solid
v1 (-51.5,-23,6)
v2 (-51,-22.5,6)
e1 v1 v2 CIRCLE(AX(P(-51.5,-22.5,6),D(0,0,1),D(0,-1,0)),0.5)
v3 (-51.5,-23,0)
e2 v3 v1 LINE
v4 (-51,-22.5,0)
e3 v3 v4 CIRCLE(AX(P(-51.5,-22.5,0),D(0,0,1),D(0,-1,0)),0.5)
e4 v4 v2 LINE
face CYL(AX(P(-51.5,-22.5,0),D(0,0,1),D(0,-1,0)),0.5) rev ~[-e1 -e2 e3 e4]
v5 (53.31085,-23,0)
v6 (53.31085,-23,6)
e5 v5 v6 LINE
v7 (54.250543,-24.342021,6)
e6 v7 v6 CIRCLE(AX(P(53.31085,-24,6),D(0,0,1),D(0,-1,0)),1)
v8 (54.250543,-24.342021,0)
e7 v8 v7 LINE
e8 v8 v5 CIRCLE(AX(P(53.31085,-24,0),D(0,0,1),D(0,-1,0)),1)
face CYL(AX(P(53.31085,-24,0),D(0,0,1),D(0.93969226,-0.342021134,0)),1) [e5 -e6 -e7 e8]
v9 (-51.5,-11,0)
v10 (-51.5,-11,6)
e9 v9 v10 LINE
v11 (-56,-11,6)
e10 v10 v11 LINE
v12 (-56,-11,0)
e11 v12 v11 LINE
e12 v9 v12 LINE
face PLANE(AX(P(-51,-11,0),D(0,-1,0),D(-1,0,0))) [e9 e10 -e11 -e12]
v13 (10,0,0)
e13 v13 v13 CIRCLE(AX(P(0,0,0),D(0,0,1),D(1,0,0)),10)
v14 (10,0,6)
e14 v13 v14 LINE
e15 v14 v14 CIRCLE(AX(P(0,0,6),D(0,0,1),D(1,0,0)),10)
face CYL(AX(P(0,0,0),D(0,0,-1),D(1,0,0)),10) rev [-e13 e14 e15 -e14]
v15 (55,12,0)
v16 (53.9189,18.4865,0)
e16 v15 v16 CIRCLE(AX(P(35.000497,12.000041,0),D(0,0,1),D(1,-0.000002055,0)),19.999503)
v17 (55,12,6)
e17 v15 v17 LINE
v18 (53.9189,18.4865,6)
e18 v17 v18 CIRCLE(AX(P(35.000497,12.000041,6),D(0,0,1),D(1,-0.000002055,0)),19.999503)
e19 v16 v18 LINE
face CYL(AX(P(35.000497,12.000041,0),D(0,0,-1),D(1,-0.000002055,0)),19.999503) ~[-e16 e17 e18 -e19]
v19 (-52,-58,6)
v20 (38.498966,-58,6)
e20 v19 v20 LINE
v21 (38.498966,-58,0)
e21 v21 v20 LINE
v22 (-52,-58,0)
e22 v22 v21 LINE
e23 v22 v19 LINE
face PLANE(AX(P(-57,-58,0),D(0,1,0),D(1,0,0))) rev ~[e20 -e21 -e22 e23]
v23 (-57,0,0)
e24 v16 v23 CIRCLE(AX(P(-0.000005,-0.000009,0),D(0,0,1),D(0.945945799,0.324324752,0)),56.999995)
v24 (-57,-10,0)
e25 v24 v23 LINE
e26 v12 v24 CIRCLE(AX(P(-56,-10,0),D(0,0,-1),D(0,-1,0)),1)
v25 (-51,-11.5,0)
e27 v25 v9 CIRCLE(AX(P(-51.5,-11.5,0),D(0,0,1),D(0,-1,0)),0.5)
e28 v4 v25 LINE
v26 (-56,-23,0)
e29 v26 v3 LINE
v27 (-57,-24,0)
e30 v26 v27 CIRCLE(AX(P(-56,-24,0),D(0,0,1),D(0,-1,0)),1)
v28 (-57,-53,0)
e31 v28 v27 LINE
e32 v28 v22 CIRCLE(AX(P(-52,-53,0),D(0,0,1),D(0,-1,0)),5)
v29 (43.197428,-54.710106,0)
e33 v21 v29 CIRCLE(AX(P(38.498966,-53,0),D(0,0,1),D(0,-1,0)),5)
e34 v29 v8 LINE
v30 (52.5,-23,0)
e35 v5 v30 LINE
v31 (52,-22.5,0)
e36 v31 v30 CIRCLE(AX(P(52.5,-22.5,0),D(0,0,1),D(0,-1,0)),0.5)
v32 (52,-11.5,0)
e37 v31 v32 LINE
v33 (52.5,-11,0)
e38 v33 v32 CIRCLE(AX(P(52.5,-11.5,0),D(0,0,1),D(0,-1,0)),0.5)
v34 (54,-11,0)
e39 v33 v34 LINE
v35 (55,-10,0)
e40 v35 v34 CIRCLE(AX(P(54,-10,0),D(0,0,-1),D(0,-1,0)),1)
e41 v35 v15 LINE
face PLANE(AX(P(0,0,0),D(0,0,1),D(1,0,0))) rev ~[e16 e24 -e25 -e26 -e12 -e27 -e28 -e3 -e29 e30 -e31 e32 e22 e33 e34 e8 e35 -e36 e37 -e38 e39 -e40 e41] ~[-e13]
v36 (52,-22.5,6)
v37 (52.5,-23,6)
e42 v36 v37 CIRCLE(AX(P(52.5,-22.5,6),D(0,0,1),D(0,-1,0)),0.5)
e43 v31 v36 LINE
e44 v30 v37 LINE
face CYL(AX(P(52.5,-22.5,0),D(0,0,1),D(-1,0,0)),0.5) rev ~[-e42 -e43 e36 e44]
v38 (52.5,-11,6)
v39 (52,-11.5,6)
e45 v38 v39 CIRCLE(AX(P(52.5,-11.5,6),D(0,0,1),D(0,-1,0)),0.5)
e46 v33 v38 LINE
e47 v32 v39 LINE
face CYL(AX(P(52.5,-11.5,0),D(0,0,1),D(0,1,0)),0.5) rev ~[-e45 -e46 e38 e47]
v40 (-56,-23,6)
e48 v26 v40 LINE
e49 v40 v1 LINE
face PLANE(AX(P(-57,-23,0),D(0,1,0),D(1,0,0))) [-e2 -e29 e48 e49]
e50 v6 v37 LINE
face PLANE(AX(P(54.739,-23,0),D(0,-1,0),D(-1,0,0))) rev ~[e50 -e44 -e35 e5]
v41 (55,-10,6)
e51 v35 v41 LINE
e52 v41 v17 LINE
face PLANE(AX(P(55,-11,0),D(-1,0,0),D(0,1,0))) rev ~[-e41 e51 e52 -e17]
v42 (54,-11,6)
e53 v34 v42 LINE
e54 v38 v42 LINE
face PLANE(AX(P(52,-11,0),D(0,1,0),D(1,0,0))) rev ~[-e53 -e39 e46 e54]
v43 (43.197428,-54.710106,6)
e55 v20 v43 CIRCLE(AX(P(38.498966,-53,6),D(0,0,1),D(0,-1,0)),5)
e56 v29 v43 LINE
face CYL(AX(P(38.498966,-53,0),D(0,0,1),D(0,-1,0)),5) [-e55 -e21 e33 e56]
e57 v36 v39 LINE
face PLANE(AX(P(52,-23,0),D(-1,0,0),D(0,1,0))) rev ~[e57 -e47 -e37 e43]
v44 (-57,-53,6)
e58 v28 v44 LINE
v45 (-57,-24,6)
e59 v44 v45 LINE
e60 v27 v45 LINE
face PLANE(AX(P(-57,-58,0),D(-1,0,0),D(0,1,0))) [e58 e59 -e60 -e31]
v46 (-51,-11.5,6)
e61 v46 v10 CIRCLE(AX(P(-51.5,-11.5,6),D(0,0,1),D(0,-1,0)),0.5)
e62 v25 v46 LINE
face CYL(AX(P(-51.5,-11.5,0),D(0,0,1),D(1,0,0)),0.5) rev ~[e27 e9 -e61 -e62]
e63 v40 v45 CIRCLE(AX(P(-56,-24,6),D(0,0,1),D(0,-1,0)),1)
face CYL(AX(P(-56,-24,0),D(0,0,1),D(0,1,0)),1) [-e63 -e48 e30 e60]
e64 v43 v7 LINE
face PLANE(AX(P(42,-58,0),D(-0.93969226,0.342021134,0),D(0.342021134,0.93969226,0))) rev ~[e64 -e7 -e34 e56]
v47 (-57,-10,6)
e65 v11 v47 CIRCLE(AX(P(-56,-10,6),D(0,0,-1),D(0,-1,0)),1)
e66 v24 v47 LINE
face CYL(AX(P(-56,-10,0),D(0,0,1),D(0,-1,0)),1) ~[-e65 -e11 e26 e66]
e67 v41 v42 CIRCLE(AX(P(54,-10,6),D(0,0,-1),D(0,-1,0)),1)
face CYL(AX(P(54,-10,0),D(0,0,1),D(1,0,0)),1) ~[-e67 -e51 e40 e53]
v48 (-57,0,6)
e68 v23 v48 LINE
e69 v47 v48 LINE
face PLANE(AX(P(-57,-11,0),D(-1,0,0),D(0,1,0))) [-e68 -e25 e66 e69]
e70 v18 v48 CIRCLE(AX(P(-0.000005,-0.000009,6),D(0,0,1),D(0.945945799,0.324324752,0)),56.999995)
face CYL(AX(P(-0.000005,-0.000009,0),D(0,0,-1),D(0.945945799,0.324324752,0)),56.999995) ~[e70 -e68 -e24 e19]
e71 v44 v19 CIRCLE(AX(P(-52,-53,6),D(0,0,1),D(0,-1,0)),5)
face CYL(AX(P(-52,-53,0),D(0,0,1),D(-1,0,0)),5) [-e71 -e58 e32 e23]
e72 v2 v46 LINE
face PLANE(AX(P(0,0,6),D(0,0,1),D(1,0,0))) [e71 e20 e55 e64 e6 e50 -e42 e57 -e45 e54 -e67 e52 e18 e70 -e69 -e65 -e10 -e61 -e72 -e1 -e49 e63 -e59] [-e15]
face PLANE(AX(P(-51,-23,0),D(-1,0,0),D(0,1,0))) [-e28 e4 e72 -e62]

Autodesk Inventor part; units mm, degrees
ref_plane "YZ Plane" through (0, 0, 0) normal (1, 0, 0) x (0, 1, 0)
ref_plane "XZ Plane" through (0, 0, 0) normal (0, 1, 0) x (-1, 0, 0)
ref_plane "XY Plane" through (0, 0, 0) normal (0, 0, 1) x (1, 0, 0)
sketch "Sketch1" plane through (0, 0, 0) normal (0, 0, 1) x (1, 0, 0)
  circle A0 centre (0, 0) radius 10
  line L0 (-57, -58) -> (42, -58)
  line L1 (42, -58) -> (54.739, -23)
  line L2 (54.739, -23) -> (52, -23)
  line L3 (52, -23) -> (52, -11)
  line L4 (52, -11) -> (55, -11)
  line L5 (55, -11) -> (55, 12)
  line L6 (-57, -58) -> (-57, -23)
  line L7 (-57, -23) -> (-51, -23)
  line L8 (-51, -23) -> (-51, -11)
  line L9 (-51, -11) -> (-57, -11)
  line L10 (-57, -11) -> (-57, 0)
  arc A1 (53.9189, 18.4865) -> (-57, 0) centre (0, 0) ccw
  arc A2 (55, 12) -> (53.9189, 18.4865) centre (35, 12) ccw
  dimension "d0" = 20
  dimension "d1" = 57
  dimension "d2" = 20
  dimension "d3" = 99
  dimension "d4" = 6
  dimension "d5" = 110
  dimension "d6" = 3
  dimension "d7" = 12
  dimension "d8" = 58
  dimension "d9" = 12
  dimension "d10" = 55
  dimension "d11" = 47
extrude "Extrusion1" add sketch "Sketch1" along normal blind 6
fillet "Fillet1" radius 0.5 4 edges at (52, -23, 3) (52, -11, 3) (-51, -11, 3) (-51, -23, 3)
fillet "Fillet2" radius 1 4 edges at (-57, -11, 3) (-57, -23, 3) (55, -11, 3) (54.739, -23, 3)
fillet "Fillet3" radius 5 2 edges at (42, -58, 3) (-57, -58, 3)
properties part number "NPT Flange Inner"
